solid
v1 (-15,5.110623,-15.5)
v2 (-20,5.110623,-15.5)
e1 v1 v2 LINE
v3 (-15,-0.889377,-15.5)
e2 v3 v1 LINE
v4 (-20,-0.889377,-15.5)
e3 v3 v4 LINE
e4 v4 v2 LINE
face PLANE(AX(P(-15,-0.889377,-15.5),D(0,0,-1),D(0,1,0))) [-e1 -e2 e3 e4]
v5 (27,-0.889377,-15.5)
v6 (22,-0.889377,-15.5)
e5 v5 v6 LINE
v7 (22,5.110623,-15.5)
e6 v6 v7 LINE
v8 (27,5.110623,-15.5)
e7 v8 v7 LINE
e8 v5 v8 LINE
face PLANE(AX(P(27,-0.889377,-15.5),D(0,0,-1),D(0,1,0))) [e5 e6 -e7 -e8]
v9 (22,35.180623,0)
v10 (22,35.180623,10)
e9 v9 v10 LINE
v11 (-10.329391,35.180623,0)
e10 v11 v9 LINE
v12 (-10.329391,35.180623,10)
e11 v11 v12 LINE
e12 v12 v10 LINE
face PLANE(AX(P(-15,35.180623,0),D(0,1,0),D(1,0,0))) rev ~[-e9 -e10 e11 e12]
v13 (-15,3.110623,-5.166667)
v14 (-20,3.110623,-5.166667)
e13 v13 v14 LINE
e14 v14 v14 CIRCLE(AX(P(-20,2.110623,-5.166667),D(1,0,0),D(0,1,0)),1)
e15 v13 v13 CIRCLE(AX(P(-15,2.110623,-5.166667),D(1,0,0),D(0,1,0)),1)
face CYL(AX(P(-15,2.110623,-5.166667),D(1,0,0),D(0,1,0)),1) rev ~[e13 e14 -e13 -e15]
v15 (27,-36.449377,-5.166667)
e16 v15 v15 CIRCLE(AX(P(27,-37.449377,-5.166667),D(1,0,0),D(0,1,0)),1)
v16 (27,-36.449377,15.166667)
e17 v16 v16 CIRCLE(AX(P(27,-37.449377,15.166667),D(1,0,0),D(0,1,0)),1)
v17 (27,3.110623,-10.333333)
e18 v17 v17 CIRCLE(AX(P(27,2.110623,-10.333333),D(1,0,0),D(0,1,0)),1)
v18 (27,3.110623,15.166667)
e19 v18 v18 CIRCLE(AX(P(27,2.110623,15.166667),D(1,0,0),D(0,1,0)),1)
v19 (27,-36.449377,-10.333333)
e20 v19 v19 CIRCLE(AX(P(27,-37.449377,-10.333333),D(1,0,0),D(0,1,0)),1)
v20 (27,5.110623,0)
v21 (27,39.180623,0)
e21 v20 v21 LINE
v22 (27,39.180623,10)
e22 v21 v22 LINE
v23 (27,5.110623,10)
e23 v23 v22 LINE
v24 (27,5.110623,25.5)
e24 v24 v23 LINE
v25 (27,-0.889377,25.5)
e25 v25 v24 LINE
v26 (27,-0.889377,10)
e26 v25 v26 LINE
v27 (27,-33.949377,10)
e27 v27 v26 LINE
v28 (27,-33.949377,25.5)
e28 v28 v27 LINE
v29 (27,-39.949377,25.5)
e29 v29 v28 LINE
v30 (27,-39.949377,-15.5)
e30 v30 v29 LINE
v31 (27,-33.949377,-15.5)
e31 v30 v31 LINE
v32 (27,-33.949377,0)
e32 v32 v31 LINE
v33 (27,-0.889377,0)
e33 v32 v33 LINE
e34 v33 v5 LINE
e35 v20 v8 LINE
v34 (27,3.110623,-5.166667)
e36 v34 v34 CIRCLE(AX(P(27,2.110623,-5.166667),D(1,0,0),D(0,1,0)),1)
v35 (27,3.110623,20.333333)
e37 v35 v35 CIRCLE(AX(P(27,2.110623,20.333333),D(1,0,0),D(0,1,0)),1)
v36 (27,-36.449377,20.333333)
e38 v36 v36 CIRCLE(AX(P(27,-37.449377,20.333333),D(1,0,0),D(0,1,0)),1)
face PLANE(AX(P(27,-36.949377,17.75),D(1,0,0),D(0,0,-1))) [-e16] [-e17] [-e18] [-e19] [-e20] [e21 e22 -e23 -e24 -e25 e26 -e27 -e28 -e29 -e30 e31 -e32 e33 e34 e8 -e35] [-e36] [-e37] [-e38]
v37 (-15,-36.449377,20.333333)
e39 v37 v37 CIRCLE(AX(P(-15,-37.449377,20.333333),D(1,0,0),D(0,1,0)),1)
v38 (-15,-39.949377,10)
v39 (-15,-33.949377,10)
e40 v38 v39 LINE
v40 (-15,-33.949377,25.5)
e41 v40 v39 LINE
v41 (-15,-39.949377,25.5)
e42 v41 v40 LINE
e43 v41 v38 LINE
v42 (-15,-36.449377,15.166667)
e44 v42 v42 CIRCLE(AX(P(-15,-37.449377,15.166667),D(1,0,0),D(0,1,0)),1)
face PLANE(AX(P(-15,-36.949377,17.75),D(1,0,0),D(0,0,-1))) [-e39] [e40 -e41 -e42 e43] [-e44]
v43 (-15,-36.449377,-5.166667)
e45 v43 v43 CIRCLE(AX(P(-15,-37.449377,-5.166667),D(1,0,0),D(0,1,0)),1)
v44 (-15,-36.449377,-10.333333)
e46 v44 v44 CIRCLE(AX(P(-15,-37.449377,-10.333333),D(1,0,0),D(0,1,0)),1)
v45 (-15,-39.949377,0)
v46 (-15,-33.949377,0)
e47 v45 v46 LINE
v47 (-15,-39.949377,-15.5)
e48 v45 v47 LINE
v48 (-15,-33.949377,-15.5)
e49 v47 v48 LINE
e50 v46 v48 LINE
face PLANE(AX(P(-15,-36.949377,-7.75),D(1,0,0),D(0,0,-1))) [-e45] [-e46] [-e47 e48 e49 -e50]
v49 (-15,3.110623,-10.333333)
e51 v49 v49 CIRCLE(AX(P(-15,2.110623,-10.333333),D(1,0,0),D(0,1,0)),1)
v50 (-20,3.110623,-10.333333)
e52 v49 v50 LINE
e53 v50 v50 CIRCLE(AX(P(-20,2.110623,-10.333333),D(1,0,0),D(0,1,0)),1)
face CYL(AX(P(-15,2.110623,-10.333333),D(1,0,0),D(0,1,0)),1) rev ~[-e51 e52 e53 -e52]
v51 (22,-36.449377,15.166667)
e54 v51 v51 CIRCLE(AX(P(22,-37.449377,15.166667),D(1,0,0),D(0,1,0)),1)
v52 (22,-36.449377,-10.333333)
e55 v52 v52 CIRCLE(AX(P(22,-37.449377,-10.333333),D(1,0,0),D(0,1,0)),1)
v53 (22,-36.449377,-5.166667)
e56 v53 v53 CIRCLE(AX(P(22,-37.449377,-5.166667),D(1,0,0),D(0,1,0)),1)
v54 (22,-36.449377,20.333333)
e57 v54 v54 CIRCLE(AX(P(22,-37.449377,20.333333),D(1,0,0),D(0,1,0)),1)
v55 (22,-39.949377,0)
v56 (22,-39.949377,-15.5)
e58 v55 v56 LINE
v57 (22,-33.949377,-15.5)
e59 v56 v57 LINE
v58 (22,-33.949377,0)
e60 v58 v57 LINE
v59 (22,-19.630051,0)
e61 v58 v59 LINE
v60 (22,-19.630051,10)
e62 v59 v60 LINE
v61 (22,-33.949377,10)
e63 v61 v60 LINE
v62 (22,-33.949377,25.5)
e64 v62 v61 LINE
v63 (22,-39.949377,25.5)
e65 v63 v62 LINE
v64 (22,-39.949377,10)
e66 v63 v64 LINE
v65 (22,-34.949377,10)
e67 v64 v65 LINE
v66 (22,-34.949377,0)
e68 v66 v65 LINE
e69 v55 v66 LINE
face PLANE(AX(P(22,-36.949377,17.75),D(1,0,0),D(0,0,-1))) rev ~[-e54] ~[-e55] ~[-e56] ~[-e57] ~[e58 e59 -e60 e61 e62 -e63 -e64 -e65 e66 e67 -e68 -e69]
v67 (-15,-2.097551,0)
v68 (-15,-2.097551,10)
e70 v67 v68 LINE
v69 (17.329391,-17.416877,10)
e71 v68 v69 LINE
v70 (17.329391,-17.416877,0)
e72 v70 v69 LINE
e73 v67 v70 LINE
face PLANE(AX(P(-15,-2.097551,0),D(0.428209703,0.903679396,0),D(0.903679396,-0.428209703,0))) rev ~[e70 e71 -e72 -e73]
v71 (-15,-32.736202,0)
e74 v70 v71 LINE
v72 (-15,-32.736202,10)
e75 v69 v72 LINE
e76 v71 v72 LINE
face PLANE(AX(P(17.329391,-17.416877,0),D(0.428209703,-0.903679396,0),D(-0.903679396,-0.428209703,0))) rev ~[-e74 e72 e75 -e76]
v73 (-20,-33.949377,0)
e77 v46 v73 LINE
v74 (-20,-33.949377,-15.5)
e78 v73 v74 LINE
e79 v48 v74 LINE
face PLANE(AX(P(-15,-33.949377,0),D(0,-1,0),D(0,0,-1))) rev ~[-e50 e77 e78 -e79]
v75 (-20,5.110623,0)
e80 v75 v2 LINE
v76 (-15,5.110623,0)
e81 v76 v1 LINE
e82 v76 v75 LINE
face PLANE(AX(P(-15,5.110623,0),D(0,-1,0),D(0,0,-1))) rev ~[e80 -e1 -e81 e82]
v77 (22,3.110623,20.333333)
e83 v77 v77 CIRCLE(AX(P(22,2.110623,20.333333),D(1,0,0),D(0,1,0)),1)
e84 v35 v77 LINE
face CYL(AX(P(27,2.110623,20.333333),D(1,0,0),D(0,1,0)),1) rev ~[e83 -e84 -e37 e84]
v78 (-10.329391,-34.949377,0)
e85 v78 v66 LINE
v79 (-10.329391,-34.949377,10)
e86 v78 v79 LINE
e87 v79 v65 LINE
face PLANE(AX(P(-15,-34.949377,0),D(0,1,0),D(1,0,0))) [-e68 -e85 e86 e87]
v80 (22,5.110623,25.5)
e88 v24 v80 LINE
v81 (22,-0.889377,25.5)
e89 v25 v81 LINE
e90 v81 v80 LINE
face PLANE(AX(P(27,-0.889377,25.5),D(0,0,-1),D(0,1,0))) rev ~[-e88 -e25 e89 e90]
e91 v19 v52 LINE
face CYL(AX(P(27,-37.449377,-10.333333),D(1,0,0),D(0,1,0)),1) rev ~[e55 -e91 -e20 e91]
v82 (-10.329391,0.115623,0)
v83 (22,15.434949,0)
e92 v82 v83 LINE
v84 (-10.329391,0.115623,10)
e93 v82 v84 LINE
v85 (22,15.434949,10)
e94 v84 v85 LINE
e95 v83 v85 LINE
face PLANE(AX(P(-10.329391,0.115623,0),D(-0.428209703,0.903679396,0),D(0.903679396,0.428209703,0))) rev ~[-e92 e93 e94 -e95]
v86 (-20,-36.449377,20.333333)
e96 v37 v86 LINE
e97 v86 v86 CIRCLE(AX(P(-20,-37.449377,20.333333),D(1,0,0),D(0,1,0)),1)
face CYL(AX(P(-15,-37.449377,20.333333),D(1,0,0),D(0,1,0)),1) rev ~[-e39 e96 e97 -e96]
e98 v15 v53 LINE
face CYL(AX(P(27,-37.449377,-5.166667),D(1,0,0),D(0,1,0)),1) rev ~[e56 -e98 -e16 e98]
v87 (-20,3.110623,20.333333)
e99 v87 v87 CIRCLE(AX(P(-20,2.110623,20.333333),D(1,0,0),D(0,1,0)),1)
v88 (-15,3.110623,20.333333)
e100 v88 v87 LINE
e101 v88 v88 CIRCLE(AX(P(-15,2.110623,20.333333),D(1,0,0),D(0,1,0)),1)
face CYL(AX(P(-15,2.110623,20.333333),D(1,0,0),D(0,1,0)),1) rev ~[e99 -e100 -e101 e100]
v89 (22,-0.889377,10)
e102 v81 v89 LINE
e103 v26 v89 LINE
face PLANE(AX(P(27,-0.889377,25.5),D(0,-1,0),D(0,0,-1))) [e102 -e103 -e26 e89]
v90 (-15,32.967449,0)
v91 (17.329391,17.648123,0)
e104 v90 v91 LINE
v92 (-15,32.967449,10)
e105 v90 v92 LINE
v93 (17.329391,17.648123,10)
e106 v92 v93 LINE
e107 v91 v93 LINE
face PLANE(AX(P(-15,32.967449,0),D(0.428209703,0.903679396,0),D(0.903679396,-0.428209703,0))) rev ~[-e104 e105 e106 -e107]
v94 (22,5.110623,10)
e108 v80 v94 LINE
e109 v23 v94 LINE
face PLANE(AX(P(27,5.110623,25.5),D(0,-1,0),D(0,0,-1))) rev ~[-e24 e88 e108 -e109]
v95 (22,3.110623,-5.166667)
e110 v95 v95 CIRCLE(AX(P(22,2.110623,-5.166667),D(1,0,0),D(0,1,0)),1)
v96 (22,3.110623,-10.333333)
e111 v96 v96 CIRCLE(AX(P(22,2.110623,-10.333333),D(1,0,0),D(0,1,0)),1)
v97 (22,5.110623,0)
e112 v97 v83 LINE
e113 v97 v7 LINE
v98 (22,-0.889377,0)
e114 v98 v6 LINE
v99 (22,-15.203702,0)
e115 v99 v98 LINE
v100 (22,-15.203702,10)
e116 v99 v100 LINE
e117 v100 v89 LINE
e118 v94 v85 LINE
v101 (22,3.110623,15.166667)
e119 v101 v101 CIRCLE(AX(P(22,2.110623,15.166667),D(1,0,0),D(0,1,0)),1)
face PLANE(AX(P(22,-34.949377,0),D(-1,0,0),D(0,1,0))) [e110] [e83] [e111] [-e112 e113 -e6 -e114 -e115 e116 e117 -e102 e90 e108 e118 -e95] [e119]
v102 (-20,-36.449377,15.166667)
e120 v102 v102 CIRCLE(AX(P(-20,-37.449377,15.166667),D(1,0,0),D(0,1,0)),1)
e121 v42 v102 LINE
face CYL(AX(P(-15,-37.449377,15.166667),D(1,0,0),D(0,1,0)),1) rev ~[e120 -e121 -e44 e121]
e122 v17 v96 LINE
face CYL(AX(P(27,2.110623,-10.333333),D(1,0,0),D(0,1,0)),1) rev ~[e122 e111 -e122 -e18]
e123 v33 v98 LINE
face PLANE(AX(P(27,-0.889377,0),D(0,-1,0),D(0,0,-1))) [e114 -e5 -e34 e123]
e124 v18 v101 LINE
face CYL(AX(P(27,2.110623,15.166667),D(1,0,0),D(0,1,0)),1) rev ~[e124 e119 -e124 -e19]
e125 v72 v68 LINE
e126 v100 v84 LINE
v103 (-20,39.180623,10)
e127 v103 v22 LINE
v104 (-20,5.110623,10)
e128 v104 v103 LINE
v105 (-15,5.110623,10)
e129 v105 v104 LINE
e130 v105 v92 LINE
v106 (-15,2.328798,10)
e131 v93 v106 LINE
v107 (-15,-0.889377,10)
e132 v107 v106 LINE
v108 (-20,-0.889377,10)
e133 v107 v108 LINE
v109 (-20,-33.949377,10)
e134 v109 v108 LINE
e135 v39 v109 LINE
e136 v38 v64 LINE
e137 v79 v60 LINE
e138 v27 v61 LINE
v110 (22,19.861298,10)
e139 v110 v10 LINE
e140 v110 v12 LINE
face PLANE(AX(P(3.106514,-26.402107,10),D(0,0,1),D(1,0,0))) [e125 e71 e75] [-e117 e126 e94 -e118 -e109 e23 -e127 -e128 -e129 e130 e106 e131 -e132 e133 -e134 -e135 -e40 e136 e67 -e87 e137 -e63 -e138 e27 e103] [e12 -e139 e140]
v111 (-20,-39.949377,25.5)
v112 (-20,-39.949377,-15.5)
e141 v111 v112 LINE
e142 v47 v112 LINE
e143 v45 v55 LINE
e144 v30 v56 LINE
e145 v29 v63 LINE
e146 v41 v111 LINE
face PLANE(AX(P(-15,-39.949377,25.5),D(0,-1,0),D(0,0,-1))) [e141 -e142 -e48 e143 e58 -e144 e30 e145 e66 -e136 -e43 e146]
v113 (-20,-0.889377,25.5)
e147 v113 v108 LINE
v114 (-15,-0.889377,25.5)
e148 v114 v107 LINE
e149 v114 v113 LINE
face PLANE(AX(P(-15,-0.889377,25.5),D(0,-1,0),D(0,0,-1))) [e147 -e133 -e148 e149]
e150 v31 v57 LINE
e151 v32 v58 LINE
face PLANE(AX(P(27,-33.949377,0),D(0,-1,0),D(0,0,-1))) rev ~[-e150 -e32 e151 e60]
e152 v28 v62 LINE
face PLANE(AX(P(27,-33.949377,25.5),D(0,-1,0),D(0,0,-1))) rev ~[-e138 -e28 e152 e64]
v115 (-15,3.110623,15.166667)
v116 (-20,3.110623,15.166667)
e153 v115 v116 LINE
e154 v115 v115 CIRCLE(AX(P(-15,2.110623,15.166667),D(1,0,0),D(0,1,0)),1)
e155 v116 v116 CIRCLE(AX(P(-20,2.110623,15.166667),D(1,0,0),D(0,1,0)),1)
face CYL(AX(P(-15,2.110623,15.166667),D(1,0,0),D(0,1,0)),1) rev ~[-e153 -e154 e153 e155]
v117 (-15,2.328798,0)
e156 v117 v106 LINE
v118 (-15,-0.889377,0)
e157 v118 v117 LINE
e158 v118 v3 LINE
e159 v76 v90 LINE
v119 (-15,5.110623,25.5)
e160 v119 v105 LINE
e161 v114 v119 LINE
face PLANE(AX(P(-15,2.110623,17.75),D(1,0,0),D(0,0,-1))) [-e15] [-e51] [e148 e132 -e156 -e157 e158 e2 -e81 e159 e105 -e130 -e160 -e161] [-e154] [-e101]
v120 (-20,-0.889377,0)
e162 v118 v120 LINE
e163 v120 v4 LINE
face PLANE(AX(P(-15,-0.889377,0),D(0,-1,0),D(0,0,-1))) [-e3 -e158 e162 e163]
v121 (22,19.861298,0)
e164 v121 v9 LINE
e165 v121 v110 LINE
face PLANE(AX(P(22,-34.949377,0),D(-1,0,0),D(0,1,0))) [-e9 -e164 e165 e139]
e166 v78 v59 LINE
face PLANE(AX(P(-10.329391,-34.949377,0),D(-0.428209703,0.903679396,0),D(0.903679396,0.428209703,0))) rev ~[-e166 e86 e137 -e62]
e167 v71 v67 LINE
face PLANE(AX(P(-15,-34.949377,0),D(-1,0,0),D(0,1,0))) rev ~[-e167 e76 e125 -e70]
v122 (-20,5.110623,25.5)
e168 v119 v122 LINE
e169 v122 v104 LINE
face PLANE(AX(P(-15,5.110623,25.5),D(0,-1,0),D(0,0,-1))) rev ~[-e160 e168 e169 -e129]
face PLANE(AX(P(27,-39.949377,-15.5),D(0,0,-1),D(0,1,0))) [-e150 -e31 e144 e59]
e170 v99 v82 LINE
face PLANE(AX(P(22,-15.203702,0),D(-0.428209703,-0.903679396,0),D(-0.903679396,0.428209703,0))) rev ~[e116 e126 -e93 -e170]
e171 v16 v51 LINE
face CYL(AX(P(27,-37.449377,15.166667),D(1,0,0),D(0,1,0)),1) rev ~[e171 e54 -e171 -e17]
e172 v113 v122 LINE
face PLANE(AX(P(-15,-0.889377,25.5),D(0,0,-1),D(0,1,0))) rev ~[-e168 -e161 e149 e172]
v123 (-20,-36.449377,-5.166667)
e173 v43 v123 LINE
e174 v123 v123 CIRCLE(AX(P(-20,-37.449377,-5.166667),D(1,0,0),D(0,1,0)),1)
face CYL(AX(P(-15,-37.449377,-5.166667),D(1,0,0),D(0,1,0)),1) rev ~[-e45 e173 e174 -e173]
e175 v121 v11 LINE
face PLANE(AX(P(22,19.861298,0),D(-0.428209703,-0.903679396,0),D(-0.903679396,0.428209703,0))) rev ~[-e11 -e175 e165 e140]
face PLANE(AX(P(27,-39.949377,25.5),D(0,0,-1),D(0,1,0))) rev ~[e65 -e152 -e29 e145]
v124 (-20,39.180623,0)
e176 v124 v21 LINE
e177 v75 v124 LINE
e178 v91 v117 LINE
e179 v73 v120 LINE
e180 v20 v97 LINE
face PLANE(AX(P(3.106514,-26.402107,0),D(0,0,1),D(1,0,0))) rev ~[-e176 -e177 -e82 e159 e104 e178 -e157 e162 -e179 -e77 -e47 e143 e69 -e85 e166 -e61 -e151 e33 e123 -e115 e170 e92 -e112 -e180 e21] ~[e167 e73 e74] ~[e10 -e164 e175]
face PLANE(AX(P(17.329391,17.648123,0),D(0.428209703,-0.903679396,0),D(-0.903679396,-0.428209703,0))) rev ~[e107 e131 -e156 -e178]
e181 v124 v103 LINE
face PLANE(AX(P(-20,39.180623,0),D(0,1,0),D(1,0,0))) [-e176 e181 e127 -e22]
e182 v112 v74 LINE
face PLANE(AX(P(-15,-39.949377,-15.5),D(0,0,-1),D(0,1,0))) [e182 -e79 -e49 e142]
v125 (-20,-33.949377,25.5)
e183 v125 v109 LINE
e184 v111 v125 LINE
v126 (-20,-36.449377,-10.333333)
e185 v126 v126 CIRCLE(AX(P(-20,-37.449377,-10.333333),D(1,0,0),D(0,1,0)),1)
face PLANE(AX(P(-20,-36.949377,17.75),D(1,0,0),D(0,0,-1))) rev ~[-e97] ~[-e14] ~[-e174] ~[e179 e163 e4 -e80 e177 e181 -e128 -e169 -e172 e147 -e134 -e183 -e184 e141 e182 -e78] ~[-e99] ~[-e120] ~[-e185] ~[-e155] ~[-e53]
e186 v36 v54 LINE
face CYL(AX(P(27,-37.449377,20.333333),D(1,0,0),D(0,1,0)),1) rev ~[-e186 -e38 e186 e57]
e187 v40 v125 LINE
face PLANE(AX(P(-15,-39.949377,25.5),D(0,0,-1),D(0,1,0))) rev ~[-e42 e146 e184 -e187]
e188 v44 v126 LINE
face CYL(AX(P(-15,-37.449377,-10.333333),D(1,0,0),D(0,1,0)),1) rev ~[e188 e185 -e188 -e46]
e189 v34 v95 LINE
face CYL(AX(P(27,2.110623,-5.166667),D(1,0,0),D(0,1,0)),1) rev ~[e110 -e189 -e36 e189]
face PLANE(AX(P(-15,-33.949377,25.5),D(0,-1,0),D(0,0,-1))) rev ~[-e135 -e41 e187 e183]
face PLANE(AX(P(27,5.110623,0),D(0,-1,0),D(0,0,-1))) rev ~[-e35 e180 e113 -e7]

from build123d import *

# Parameters (mm, degrees)
SKETCH_1_W      = 47
SKETCH_1_H      = 79.13
SKETCH_1_W_2    = 37
SKETCH_1_H_2    = 70.13
EXTRUDE_2_DEPTH = 10
SKETCH_2_W      = 15.5
SKETCH_2_H      = 6
SKETCH_2_R      = 1
EXTRUDE_3_DEPTH = 5
EXTRUDE_START   = -42
SKETCH_2_2_W    = 15.5
SKETCH_2_2_H    = 6
SKETCH_2_2_R    = 1
EXTRUDE_4_DEPTH = 5


with BuildPart() as part:
    # 스케치1 → 보스-돌출2 (new body)
    # profile 1 of 8: a face of its own
    with BuildSketch(Plane.XY):
        with Locations((3.5, -0.384376544)):
            Rectangle(SKETCH_1_W, SKETCH_1_H)
        with Locations((3.5, 0.115623456)):
            Rectangle(SKETCH_1_W_2, SKETCH_1_H_2, mode=Mode.SUBTRACT)
    # profile 2 of 8: a face of its own
    with BuildSketch(Plane.XY):
        Polygon((-10.329391215, 35.180623456), (-15, 35.180623456), (-15, 32.967449172), (17.329391215, 17.648123456), (22, 19.861297741), align=None)
    # profile 3 of 8: a face of its own
    with BuildSketch(Plane.XY):
        Polygon((22, 15.434949172), (22, 19.861297741), (17.329391215, 17.648123456), align=None)
    # profile 4 of 8: a face of its own
    with BuildSketch(Plane.XY):
        Polygon((17.329391215, 17.648123456), (-15, 2.328797741), (-10.329391215, 0.115623456), (22, 15.434949172), align=None)
    # profile 5 of 8: a face of its own
    with BuildSketch(Plane.XY):
        Polygon((-10.329391215, 0.115623456), (-15, 2.328797741), (-15, -2.097550828), align=None)
    # profile 6 of 8: a face of its own
    with BuildSketch(Plane.XY):
        Polygon((-10.329391215, 0.115623456), (-15, -2.097550828), (17.329391215, -17.416876544), (22, -15.203702259), align=None)
    # profile 7 of 8: a face of its own
    with BuildSketch(Plane.XY):
        Polygon((22, -19.630050828), (22, -15.203702259), (17.329391215, -17.416876544), align=None)
    # profile 8 of 8: a face of its own
    with BuildSketch(Plane.XY):
        Polygon((17.329391215, -17.416876544), (-15, -32.736202259), (-15, -34.949376544), (-10.329391215, -34.949376544), (22, -19.630050828), align=None)
    extrude(amount=EXTRUDE_2_DEPTH)

    # 스케치2 → 보스-돌출3 (add)
    # profile 1 of 4: a face of its own
    with BuildSketch(Plane(origin=(27, 0, 0), x_dir=(0, 0, -1), z_dir=(1, 0, 0))):
        with Locations((-17.75, -36.949376544)):
            Rectangle(SKETCH_2_W, SKETCH_2_H)
        with Locations(Location((-20.333333333, -37.449376544, 0), (0, 0, 90))):
            Circle(SKETCH_2_R, mode=Mode.SUBTRACT)
        with Locations(Location((-15.166666667, -37.449376544, 0), (0, 0, 90))):
            Circle(SKETCH_2_R, mode=Mode.SUBTRACT)
    # profile 2 of 4: a face of its own
    with BuildSketch(Plane(origin=(27, 0, 0), x_dir=(0, 0, -1), z_dir=(1, 0, 0))):
        with Locations((7.75, -36.949376544)):
            Rectangle(SKETCH_2_W, SKETCH_2_H)
        with Locations(Location((5.166666667, -37.449376544, 0), (0, 0, 90))):
            Circle(SKETCH_2_R, mode=Mode.SUBTRACT)
        with Locations(Location((10.333333333, -37.449376544, 0), (0, 0, 90))):
            Circle(SKETCH_2_R, mode=Mode.SUBTRACT)
    # profile 3 of 4: a face of its own
    with BuildSketch(Plane(origin=(27, 0, 0), x_dir=(0, 0, -1), z_dir=(1, 0, 0))):
        with Locations((-17.75, 2.110623456)):
            Rectangle(SKETCH_2_W, SKETCH_2_H)
        with Locations(Location((-20.333333333, 2.110623456, 0), (0, 0, 90))):
            Circle(SKETCH_2_R, mode=Mode.SUBTRACT)
        with Locations(Location((-15.166666667, 2.110623456, 0), (0, 0, 90))):
            Circle(SKETCH_2_R, mode=Mode.SUBTRACT)
    # profile 4 of 4: a face of its own
    with BuildSketch(Plane(origin=(27, 0, 0), x_dir=(0, 0, -1), z_dir=(1, 0, 0))):
        with Locations((7.75, 2.110623456)):
            Rectangle(SKETCH_2_W, SKETCH_2_H)
        with Locations(Location((5.166666667, 2.110623456, 0), (0, 0, 90))):
            Circle(SKETCH_2_R, mode=Mode.SUBTRACT)
        with Locations(Location((10.333333333, 2.110623456, 0), (0, 0, 90))):
            Circle(SKETCH_2_R, mode=Mode.SUBTRACT)
    extrude(amount=-EXTRUDE_3_DEPTH)

    # 스케치2<2> → 보스-돌출4 (add)
    # profile 1 of 4: a face of its own
    with BuildSketch(Plane(origin=(27, 0, 0), x_dir=(0, 0, -1), z_dir=(1, 0, 0)).offset(EXTRUDE_START)):
        with Locations((-17.75, -36.949376544)):
            Rectangle(SKETCH_2_2_W, SKETCH_2_2_H)
        with Locations(Location((-20.333333333, -37.449376544, 0), (0, 0, 90))):
            Circle(SKETCH_2_2_R, mode=Mode.SUBTRACT)
        with Locations(Location((-15.166666667, -37.449376544, 0), (0, 0, 90))):
            Circle(SKETCH_2_2_R, mode=Mode.SUBTRACT)
    # profile 2 of 4: a face of its own
    with BuildSketch(Plane(origin=(27, 0, 0), x_dir=(0, 0, -1), z_dir=(1, 0, 0)).offset(EXTRUDE_START)):
        with Locations((7.75, -36.949376544)):
            Rectangle(SKETCH_2_2_W, SKETCH_2_2_H)
        with Locations(Location((5.166666667, -37.449376544, 0), (0, 0, 90))):
            Circle(SKETCH_2_2_R, mode=Mode.SUBTRACT)
        with Locations(Location((10.333333333, -37.449376544, 0), (0, 0, 90))):
            Circle(SKETCH_2_2_R, mode=Mode.SUBTRACT)
    # profile 3 of 4: a face of its own
    with BuildSketch(Plane(origin=(27, 0, 0), x_dir=(0, 0, -1), z_dir=(1, 0, 0)).offset(EXTRUDE_START)):
        with Locations((-17.75, 2.110623456)):
            Rectangle(SKETCH_2_2_W, SKETCH_2_2_H)
        with Locations(Location((-20.333333333, 2.110623456, 0), (0, 0, 90))):
            Circle(SKETCH_2_2_R, mode=Mode.SUBTRACT)
        with Locations(Location((-15.166666667, 2.110623456, 0), (0, 0, 90))):
            Circle(SKETCH_2_2_R, mode=Mode.SUBTRACT)
    # profile 4 of 4: a face of its own
    with BuildSketch(Plane(origin=(27, 0, 0), x_dir=(0, 0, -1), z_dir=(1, 0, 0)).offset(EXTRUDE_START)):
        with Locations((7.75, 2.110623456)):
            Rectangle(SKETCH_2_2_W, SKETCH_2_2_H)
        with Locations(Location((5.166666667, 2.110623456, 0), (0, 0, 90))):
            Circle(SKETCH_2_2_R, mode=Mode.SUBTRACT)
        with Locations(Location((10.333333333, 2.110623456, 0), (0, 0, 90))):
            Circle(SKETCH_2_2_R, mode=Mode.SUBTRACT)
    extrude(amount=-EXTRUDE_4_DEPTH)


solid = part.part
